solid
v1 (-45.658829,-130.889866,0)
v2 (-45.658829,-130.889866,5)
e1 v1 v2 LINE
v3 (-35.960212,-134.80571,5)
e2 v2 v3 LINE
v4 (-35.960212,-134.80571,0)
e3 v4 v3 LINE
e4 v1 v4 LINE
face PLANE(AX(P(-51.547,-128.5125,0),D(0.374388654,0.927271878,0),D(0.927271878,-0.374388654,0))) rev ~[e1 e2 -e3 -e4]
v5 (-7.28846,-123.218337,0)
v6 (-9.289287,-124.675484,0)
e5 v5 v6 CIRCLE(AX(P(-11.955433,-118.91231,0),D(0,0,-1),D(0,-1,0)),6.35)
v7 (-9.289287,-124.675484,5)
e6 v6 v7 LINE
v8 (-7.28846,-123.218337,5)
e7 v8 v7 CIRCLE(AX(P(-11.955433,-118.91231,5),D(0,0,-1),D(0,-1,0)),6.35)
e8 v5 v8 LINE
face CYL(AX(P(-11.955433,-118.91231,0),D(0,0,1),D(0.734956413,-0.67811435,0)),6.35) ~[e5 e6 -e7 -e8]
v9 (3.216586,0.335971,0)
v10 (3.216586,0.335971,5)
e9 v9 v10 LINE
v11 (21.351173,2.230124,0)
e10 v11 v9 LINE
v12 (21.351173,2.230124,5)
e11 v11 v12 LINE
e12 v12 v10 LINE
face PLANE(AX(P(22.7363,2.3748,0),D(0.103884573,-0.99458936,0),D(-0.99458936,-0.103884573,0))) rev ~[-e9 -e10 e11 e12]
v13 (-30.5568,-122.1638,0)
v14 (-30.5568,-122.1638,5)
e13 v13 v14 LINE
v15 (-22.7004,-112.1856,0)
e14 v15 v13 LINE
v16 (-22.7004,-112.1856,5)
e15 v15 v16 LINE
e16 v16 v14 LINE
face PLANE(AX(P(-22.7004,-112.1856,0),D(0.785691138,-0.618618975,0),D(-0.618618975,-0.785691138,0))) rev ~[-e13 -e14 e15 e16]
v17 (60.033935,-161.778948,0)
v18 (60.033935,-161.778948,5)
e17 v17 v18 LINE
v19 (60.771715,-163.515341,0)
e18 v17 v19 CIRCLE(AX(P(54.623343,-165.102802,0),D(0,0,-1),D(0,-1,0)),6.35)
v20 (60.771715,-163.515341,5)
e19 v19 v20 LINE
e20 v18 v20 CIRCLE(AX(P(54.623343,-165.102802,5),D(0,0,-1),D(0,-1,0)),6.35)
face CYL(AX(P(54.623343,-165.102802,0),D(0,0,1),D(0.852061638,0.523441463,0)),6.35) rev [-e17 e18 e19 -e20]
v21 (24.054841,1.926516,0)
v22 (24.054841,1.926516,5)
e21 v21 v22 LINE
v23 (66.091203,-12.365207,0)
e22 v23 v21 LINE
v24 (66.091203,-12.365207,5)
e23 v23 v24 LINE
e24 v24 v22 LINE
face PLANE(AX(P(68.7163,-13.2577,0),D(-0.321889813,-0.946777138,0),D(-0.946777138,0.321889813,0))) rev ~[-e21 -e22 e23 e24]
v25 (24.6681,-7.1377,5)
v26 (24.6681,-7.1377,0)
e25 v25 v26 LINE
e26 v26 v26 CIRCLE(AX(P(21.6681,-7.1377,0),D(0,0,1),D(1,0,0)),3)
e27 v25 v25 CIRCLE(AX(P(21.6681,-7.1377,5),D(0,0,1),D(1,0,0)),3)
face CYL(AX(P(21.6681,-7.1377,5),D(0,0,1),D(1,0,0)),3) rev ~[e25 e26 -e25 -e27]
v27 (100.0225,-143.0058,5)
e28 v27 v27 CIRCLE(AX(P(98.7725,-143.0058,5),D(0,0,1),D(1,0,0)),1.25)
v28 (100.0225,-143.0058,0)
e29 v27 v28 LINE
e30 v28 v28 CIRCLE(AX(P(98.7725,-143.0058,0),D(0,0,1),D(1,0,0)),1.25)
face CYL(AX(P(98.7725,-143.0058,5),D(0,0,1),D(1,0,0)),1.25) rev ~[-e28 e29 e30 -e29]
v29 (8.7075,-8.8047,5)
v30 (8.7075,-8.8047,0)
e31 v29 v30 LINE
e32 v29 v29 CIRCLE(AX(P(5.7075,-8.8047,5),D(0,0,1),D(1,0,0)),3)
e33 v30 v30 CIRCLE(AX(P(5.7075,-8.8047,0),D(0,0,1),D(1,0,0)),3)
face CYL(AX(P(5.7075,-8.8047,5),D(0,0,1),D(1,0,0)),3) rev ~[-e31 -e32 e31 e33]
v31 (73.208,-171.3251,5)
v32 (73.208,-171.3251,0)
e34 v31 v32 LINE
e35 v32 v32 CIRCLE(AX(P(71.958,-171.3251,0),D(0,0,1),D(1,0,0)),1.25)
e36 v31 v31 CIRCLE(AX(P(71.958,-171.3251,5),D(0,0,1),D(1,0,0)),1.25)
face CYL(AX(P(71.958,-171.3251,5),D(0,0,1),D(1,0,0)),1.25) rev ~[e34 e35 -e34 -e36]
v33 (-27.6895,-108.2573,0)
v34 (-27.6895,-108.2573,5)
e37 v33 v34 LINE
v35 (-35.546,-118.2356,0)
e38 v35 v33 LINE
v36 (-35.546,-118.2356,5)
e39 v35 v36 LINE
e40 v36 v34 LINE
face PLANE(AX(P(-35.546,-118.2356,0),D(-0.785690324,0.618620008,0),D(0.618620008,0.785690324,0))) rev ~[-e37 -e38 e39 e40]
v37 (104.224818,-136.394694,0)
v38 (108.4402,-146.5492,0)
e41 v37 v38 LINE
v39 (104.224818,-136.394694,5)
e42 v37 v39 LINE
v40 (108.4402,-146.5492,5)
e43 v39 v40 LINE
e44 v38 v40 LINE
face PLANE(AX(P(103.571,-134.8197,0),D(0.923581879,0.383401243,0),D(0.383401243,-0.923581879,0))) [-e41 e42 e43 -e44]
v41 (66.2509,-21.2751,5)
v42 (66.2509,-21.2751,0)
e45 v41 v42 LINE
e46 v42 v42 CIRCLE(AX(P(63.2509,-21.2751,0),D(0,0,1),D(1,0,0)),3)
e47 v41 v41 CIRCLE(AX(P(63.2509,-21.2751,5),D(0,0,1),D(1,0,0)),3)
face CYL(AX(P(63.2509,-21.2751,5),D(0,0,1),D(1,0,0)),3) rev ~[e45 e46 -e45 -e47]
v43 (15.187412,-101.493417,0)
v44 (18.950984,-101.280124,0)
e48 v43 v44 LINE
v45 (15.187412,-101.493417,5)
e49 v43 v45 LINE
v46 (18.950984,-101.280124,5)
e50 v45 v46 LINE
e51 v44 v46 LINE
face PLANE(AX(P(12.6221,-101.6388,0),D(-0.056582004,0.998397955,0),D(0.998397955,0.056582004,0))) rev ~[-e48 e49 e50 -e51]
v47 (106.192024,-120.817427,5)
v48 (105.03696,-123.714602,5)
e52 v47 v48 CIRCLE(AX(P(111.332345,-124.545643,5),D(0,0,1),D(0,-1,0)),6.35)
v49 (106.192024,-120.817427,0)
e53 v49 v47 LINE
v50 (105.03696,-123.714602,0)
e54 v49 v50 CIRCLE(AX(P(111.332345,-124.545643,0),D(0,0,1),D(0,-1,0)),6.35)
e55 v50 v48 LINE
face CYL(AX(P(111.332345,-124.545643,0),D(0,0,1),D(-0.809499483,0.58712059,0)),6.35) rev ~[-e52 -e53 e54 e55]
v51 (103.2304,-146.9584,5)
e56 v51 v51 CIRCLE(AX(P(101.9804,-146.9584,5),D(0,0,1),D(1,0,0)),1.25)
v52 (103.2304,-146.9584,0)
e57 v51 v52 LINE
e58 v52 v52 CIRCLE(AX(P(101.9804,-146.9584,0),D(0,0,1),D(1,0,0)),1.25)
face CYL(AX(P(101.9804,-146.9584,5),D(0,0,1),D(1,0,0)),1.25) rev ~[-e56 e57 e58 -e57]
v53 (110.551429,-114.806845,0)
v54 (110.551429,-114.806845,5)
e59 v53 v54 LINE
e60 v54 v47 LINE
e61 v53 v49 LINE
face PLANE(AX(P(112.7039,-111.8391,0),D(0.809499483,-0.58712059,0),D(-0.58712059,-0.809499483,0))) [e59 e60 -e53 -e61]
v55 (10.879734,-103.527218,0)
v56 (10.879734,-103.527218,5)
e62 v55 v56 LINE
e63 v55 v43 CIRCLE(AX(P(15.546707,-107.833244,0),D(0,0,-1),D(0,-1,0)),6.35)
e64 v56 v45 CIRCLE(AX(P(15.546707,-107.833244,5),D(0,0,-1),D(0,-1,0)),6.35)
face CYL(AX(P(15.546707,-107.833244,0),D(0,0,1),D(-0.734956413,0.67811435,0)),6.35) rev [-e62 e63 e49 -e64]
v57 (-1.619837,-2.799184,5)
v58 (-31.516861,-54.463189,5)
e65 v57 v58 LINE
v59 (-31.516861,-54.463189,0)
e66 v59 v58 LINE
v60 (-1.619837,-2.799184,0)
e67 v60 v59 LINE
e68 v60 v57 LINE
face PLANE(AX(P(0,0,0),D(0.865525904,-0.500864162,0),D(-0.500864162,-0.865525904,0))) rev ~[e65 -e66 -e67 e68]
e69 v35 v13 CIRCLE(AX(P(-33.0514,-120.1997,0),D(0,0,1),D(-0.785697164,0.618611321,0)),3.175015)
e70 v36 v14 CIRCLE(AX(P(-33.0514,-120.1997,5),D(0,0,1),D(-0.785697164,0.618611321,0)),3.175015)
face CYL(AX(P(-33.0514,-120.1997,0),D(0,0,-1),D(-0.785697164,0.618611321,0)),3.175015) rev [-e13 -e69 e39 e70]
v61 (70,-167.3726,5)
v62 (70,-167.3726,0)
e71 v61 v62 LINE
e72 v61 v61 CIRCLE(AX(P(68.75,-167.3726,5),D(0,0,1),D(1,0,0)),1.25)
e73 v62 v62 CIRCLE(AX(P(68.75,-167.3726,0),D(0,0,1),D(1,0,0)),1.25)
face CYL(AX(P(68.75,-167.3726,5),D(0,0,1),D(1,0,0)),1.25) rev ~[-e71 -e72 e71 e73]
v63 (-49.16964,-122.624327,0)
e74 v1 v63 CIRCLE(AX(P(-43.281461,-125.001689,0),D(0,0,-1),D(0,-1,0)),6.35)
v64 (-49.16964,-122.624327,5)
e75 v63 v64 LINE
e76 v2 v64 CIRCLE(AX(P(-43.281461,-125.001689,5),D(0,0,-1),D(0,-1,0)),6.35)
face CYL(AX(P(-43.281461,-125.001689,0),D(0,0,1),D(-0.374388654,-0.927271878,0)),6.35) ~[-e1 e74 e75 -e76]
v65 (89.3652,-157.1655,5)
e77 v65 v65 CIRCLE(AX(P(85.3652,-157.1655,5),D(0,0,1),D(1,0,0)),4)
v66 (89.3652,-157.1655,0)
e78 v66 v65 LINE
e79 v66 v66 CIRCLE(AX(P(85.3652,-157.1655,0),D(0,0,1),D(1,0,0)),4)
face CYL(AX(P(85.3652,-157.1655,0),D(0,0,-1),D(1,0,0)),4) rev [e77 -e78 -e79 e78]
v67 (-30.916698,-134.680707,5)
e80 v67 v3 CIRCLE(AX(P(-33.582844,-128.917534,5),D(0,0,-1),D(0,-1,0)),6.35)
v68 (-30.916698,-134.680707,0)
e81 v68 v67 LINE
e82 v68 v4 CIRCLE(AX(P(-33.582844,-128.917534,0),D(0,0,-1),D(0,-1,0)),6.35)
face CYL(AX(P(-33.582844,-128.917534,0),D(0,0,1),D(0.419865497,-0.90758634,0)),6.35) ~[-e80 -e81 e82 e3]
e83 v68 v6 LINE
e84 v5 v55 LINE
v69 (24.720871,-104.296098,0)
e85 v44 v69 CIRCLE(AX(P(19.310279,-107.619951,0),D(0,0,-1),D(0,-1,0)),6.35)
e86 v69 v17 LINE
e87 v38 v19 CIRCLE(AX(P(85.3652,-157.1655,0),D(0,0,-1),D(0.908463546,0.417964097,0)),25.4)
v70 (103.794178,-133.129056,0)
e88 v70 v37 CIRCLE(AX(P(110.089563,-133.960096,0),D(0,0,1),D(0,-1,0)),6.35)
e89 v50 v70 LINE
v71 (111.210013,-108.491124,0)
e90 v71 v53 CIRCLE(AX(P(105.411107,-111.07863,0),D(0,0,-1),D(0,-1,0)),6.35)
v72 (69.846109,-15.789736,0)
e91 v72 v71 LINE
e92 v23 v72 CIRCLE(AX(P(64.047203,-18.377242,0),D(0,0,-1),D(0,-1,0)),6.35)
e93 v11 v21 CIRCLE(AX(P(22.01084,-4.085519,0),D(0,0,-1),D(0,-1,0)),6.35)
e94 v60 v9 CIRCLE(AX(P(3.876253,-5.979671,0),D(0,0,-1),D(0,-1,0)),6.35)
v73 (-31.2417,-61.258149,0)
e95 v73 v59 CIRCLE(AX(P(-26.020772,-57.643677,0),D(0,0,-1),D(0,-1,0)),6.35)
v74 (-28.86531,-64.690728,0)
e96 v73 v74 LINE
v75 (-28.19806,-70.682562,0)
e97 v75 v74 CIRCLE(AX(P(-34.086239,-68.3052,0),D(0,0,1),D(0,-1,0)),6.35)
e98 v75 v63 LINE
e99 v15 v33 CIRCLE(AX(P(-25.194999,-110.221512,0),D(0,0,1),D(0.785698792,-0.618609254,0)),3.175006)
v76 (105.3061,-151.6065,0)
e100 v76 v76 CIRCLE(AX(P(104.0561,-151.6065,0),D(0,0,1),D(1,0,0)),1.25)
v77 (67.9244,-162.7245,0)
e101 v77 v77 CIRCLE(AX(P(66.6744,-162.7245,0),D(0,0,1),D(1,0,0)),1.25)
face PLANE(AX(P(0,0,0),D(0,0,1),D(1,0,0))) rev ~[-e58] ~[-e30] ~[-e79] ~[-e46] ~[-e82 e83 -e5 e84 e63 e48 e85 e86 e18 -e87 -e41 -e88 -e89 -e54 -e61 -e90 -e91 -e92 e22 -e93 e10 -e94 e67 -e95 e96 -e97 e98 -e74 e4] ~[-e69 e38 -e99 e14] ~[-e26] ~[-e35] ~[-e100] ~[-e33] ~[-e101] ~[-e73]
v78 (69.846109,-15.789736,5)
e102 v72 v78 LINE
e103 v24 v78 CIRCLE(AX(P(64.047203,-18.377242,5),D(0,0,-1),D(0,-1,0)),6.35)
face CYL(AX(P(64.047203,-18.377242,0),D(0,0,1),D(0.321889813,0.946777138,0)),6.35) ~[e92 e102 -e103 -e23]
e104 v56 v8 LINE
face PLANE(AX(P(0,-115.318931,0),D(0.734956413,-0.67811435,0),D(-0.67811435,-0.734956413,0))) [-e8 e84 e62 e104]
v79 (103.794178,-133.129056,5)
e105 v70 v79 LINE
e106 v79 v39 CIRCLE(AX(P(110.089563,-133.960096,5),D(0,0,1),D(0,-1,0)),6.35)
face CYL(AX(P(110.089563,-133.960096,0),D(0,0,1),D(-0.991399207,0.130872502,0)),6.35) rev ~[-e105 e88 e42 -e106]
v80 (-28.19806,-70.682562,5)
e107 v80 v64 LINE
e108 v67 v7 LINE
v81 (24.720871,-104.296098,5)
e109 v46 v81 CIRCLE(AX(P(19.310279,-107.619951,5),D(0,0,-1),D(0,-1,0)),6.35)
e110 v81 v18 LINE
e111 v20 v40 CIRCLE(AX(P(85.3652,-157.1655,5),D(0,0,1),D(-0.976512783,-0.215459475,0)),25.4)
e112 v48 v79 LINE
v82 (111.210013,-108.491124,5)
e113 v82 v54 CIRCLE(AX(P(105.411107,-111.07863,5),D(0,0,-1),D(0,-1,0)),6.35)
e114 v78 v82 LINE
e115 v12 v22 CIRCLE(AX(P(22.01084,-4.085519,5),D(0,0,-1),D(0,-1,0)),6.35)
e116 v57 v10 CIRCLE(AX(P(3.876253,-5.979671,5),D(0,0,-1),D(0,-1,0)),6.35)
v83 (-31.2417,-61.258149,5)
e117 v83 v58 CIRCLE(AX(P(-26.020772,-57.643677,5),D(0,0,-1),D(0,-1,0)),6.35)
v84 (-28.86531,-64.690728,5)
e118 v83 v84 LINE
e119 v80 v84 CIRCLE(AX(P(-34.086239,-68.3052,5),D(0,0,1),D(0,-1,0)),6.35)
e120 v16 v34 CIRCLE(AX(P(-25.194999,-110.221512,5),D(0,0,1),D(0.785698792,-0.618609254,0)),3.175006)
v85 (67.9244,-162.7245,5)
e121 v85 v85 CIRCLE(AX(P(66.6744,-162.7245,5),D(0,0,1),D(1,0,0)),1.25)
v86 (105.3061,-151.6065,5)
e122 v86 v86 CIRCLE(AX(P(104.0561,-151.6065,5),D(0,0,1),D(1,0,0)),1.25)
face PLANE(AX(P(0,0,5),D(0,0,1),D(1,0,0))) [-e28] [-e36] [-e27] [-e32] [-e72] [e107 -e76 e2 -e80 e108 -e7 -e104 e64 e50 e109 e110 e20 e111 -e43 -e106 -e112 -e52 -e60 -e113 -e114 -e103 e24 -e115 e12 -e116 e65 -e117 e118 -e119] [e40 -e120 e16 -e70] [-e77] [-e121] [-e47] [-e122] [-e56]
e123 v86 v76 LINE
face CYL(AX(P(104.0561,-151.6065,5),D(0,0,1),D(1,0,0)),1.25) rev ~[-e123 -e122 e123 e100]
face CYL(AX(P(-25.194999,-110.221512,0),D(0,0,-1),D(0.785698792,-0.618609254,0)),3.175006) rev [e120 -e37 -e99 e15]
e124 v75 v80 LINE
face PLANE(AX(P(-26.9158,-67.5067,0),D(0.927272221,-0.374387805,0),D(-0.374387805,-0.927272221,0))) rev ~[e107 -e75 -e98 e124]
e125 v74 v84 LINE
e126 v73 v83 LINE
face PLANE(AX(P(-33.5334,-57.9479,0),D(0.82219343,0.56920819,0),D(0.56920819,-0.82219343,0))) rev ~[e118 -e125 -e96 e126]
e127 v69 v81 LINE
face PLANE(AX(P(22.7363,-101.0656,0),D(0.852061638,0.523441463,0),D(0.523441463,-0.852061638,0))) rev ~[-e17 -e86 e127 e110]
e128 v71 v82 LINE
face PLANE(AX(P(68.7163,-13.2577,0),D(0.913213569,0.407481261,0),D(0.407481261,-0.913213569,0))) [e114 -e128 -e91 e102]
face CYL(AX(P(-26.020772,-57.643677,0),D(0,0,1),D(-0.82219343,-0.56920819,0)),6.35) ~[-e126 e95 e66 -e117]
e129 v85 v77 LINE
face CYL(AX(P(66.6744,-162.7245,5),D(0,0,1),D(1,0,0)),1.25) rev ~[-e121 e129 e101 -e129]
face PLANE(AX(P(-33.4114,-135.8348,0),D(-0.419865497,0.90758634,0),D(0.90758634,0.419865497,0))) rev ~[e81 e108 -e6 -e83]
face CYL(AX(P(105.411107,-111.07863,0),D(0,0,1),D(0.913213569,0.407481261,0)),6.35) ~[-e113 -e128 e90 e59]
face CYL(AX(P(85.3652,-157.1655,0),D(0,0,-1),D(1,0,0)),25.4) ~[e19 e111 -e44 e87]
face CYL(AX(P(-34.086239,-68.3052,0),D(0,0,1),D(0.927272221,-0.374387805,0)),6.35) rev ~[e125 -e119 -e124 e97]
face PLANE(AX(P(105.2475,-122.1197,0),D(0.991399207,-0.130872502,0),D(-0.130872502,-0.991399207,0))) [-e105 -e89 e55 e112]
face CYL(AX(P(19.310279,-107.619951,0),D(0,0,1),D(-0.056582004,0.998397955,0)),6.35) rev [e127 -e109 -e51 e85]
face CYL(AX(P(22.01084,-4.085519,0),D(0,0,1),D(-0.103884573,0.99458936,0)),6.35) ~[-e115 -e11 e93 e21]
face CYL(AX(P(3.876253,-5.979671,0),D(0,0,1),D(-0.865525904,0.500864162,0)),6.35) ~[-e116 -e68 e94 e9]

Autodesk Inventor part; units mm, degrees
ref_plane "YZ Plane" through (0, 0, 0) normal (1, 0, 0) x (0, 1, 0)
ref_plane "XZ Plane" through (0, 0, 0) normal (0, 1, 0) x (-1, 0, 0)
ref_plane "XY Plane" through (0, 0, 0) normal (0, 0, 1) x (1, 0, 0)
sketch "Base" plane through (0, 0, 0) normal (0, 0, 1) x (1, 0, 0)
  line L0 (0, 0) -> (-33.5334, -57.9479)
  line L1 (22.7363, 2.3748) -> (0, 0)
  line L2 (68.7163, -13.2577) -> (22.7363, 2.3748)
  line L3 (-33.5334, -57.9479) -> (-26.9158, -67.5067)
  line L4 (-26.9158, -67.5067) -> (-51.547, -128.5125)
  line L5 (-51.547, -128.5125) -> (-33.4114, -135.8348)
  line L6 (-26.9158, -67.5067) -> (12.6221, -101.6388) construction
  line L7 (12.6221, -101.6388) -> (22.7363, -101.0656)
  line L8 (12.6221, -101.6388) -> (-8.1441, -124.1457)
  line L9 (-33.4114, -135.8348) -> (-8.1441, -124.1457)
  line L10 (22.7363, 2.3748) -> (68.7163, -13.2577)
  line L11 (68.7163, -13.2577) -> (112.7039, -111.8391)
  line L12 (22.7363, 2.3748) -> (22.7363, -101.0656) construction
  line L13 (22.7363, -101.0656) -> (65.9464, -171.4033)
  line L14 (112.7039, -111.8391) -> (105.2475, -122.1197)
  line L15 (22.7363, -101.0656) -> (112.7039, -111.8391) construction
  line L16 (105.2475, -122.1197) -> (103.571, -134.8197)
  line L17 (103.571, -134.8197) -> (108.4402, -146.5492)
  line L18 (65.9464, -171.4033) -> (74.9694, -180.3406)
  line L19 (108.4402, -146.5492) -> (74.9694, -180.3406)
  circle A0 centre (85.3652, -157.1655) radius 25.4
  line L20 (-42.4792, -132.1736) -> (22.7363, -49.3454) construction
  line L21 (-33.0514, -120.1997) -> (-25.1949, -110.2215) construction
  line L22 (-35.546, -118.2356) -> (-27.6895, -108.2573)
  line L23 (-22.7004, -112.1856) -> (-30.5568, -122.1638)
  arc A1 (-35.546, -118.2356) -> (-30.5568, -122.1638) centre (-33.0514, -120.1997) ccw
  arc A2 (-22.7004, -112.1856) -> (-27.6895, -108.2573) centre (-25.1949, -110.2215) ccw
  circle A3 centre (85.3652, -157.1655) radius 4
  line L24 (0, -219.5535) -> (0, 39.3628)
  point P0 (-29.1232, -115.2106)
  point P1 (60.5618, -162.6381)
  dimension "d4" = 50.8
  dimension "d5" = 22.86
  dimension "d6" = 155.26
  dimension "d7" = 126.02
  dimension "d8" = 48.5647
  dimension "d9" = 66.9511
  dimension "d10" = 132.824
  dimension "d11" = 107.95
  dimension "d12" = 115.248
  dimension "d13" = 11.6259
  dimension "d14" = 65.7906
  dimension "d15" = 19.558
  dimension "d16" = 120
  dimension "d17" = 12.7
  dimension "d18" = 12.7
  dimension "d19" = 12.7
  dimension "d20" = 82.55
  dimension "d21" = 12.7
  dimension "d24" = 15.24
  dimension "d25" = 3.175
  dimension "d26" = 12.7
  dimension "d31" = 8
  dimension "d32" = 95.963
  dimension "d33" = 38.215
  dimension "d34" = 22.545
  dimension "d35" = 7.52
  dimension "d36" = 44.727
  dimension "d37" = 31.563
  dimension "d38" = 86.757
  dimension "d39" = 42.697
  dimension "d40" = 49.197
  dimension "d41" = 114.826
  dimension "d47" = 105.4209
  dimension "d48" = 62.051
extrude "Plate1" add sketch "Base" along normal blind 5
fillet "OutsideFilletsFeature" radius 6.35 14 edges at (68.7163, -13.2577, 2.5) (22.7363, 2.3748, 2.5) (0, 0, 2.5) (-33.5334, -57.9479, 2.5) (-26.9158, -67.5067, 2.5) (-51.547, -128.5125, 2.5) (-33.4114, -135.8348, 2.5) (-8.1441, -124.1457, 2.5) (12.6221, -101.6388, 2.5) (22.7363, -101.0656, 2.5) (60.5618, -162.6381, 2.5) (103.571, -134.8197, 2.5) (105.2475, -122.1197, 2.5) (112.7039, -111.8391, 2.5)
sketch "MountHoles" plane through (0, 0, 5) normal (0, 0, 1) x (1, 0, 0)
  line L0 (-1.6199, -2.7989) -> (-30.9807, -53.5288) construction
  arc A0 (3.2163, 0.3359) -> (-1.6199, -2.7989) centre (3.876, -5.9797) ccw construction
  line L1 (21.3511, 2.2301) -> (3.2163, 0.3359) construction
  arc A1 (24.0549, 1.9264) -> (21.3511, 2.2301) centre (22.0108, -4.0856) ccw construction
  arc A2 (69.8461, -15.7897) -> (66.0912, -12.3652) centre (64.0472, -18.3772) ccw construction
  line L2 (24.0548, 1.9265) -> (66.0912, -12.3652) construction
  line L3 (66.0912, -12.3652) -> (24.0548, 1.9265) construction
  line L4 (-20.7142, -54.4632) -> (5.7075, -8.8047) construction
  line L5 (5.7075, -8.8047) -> (21.6681, -7.1377) construction
  line L6 (21.6681, -7.1377) -> (66.0912, -22.2408) construction
  line L7 (-31.5169, -54.4632) -> (-1.6198, -2.7992) construction
  line L8 (3.2166, 0.336) -> (21.3512, 2.2301) construction
  line L9 (24.0548, 1.9265) -> (66.0912, -12.3652) construction
  line L10 (-31.5169, -54.4632) -> (-20.7142, -54.4632) construction
  line L11 (66.0912, -22.2408) -> (66.0912, -12.3652) construction
  circle A3 centre (5.7075, -8.8047) radius 3
  circle A4 centre (21.6681, -7.1377) radius 3
  circle A5 centre (63.2509, -21.2751) radius 3
  point P0 (0, 0)
  dimension "d49" = 9.35
  dimension "d50" = 9.35
  dimension "d51" = 9.35
  dimension "d52" = 6
  dimension "d53" = 6
  dimension "d54" = 6
  dimension "d55" = 3
extrude "MountHolesFeature" cut sketch "MountHoles" against normal blind 5
sketch "Sketch5" plane through (0, 0, 5) normal (0, 0, 1) x (1, 0, 0)
  circle A0 centre (85.3652, -157.1655) radius 4 construction
  circle A1 centre (85.3652, -157.1655) radius 4 projected
  circle A2 centre (85.3652, -157.1655) radius 19.5 construction
  line L0 (85.3652, -157.1655) -> (95.5724, -173.7807) construction
  line L1 (60.034, -161.7789) -> (24.7209, -104.2961) construction
  line L2 (85.3652, -157.1655) -> (101.9804, -146.9584) construction
  circle A3 centre (101.9804, -146.9584) radius 1.25
  circle A4 centre (98.7725, -143.0058) radius 1.25
  circle A5 centre (104.0561, -151.6065) radius 1.25
  circle A6 centre (68.75, -167.3726) radius 1.25
  circle A7 centre (66.6744, -162.7245) radius 1.25
  circle A8 centre (71.958, -171.3251) radius 1.25
  point P0 (0, 0)
  dimension "d67" = 39
  dimension "d68" = 2.5
  dimension "d71" = 30
extrude "Cut5" cut sketch "Sketch5" against normal blind 5 contours A3 | A4 | A5 | A6 | A7 | A8
equation "\"d50\" = d49"
equation "\"d51\" = d49"
equation "\"d56\" = Thickness"
equation "\"d42\" = Thickness"
equation "\"BendRadius\" = Thickness"
equation "\"BendReliefWidth\" = Thickness"
equation "\"BendReliefDepth\" = 0.5 * Thickness"
equation "\"TransitionRadius\" = BendRadius"
equation "\"JacobiRadiusSize\" = BendRadius"
equation "\"GapSize\" = Thickness"
equation "\"Thickness\" = 5"
properties part number "Knee"
